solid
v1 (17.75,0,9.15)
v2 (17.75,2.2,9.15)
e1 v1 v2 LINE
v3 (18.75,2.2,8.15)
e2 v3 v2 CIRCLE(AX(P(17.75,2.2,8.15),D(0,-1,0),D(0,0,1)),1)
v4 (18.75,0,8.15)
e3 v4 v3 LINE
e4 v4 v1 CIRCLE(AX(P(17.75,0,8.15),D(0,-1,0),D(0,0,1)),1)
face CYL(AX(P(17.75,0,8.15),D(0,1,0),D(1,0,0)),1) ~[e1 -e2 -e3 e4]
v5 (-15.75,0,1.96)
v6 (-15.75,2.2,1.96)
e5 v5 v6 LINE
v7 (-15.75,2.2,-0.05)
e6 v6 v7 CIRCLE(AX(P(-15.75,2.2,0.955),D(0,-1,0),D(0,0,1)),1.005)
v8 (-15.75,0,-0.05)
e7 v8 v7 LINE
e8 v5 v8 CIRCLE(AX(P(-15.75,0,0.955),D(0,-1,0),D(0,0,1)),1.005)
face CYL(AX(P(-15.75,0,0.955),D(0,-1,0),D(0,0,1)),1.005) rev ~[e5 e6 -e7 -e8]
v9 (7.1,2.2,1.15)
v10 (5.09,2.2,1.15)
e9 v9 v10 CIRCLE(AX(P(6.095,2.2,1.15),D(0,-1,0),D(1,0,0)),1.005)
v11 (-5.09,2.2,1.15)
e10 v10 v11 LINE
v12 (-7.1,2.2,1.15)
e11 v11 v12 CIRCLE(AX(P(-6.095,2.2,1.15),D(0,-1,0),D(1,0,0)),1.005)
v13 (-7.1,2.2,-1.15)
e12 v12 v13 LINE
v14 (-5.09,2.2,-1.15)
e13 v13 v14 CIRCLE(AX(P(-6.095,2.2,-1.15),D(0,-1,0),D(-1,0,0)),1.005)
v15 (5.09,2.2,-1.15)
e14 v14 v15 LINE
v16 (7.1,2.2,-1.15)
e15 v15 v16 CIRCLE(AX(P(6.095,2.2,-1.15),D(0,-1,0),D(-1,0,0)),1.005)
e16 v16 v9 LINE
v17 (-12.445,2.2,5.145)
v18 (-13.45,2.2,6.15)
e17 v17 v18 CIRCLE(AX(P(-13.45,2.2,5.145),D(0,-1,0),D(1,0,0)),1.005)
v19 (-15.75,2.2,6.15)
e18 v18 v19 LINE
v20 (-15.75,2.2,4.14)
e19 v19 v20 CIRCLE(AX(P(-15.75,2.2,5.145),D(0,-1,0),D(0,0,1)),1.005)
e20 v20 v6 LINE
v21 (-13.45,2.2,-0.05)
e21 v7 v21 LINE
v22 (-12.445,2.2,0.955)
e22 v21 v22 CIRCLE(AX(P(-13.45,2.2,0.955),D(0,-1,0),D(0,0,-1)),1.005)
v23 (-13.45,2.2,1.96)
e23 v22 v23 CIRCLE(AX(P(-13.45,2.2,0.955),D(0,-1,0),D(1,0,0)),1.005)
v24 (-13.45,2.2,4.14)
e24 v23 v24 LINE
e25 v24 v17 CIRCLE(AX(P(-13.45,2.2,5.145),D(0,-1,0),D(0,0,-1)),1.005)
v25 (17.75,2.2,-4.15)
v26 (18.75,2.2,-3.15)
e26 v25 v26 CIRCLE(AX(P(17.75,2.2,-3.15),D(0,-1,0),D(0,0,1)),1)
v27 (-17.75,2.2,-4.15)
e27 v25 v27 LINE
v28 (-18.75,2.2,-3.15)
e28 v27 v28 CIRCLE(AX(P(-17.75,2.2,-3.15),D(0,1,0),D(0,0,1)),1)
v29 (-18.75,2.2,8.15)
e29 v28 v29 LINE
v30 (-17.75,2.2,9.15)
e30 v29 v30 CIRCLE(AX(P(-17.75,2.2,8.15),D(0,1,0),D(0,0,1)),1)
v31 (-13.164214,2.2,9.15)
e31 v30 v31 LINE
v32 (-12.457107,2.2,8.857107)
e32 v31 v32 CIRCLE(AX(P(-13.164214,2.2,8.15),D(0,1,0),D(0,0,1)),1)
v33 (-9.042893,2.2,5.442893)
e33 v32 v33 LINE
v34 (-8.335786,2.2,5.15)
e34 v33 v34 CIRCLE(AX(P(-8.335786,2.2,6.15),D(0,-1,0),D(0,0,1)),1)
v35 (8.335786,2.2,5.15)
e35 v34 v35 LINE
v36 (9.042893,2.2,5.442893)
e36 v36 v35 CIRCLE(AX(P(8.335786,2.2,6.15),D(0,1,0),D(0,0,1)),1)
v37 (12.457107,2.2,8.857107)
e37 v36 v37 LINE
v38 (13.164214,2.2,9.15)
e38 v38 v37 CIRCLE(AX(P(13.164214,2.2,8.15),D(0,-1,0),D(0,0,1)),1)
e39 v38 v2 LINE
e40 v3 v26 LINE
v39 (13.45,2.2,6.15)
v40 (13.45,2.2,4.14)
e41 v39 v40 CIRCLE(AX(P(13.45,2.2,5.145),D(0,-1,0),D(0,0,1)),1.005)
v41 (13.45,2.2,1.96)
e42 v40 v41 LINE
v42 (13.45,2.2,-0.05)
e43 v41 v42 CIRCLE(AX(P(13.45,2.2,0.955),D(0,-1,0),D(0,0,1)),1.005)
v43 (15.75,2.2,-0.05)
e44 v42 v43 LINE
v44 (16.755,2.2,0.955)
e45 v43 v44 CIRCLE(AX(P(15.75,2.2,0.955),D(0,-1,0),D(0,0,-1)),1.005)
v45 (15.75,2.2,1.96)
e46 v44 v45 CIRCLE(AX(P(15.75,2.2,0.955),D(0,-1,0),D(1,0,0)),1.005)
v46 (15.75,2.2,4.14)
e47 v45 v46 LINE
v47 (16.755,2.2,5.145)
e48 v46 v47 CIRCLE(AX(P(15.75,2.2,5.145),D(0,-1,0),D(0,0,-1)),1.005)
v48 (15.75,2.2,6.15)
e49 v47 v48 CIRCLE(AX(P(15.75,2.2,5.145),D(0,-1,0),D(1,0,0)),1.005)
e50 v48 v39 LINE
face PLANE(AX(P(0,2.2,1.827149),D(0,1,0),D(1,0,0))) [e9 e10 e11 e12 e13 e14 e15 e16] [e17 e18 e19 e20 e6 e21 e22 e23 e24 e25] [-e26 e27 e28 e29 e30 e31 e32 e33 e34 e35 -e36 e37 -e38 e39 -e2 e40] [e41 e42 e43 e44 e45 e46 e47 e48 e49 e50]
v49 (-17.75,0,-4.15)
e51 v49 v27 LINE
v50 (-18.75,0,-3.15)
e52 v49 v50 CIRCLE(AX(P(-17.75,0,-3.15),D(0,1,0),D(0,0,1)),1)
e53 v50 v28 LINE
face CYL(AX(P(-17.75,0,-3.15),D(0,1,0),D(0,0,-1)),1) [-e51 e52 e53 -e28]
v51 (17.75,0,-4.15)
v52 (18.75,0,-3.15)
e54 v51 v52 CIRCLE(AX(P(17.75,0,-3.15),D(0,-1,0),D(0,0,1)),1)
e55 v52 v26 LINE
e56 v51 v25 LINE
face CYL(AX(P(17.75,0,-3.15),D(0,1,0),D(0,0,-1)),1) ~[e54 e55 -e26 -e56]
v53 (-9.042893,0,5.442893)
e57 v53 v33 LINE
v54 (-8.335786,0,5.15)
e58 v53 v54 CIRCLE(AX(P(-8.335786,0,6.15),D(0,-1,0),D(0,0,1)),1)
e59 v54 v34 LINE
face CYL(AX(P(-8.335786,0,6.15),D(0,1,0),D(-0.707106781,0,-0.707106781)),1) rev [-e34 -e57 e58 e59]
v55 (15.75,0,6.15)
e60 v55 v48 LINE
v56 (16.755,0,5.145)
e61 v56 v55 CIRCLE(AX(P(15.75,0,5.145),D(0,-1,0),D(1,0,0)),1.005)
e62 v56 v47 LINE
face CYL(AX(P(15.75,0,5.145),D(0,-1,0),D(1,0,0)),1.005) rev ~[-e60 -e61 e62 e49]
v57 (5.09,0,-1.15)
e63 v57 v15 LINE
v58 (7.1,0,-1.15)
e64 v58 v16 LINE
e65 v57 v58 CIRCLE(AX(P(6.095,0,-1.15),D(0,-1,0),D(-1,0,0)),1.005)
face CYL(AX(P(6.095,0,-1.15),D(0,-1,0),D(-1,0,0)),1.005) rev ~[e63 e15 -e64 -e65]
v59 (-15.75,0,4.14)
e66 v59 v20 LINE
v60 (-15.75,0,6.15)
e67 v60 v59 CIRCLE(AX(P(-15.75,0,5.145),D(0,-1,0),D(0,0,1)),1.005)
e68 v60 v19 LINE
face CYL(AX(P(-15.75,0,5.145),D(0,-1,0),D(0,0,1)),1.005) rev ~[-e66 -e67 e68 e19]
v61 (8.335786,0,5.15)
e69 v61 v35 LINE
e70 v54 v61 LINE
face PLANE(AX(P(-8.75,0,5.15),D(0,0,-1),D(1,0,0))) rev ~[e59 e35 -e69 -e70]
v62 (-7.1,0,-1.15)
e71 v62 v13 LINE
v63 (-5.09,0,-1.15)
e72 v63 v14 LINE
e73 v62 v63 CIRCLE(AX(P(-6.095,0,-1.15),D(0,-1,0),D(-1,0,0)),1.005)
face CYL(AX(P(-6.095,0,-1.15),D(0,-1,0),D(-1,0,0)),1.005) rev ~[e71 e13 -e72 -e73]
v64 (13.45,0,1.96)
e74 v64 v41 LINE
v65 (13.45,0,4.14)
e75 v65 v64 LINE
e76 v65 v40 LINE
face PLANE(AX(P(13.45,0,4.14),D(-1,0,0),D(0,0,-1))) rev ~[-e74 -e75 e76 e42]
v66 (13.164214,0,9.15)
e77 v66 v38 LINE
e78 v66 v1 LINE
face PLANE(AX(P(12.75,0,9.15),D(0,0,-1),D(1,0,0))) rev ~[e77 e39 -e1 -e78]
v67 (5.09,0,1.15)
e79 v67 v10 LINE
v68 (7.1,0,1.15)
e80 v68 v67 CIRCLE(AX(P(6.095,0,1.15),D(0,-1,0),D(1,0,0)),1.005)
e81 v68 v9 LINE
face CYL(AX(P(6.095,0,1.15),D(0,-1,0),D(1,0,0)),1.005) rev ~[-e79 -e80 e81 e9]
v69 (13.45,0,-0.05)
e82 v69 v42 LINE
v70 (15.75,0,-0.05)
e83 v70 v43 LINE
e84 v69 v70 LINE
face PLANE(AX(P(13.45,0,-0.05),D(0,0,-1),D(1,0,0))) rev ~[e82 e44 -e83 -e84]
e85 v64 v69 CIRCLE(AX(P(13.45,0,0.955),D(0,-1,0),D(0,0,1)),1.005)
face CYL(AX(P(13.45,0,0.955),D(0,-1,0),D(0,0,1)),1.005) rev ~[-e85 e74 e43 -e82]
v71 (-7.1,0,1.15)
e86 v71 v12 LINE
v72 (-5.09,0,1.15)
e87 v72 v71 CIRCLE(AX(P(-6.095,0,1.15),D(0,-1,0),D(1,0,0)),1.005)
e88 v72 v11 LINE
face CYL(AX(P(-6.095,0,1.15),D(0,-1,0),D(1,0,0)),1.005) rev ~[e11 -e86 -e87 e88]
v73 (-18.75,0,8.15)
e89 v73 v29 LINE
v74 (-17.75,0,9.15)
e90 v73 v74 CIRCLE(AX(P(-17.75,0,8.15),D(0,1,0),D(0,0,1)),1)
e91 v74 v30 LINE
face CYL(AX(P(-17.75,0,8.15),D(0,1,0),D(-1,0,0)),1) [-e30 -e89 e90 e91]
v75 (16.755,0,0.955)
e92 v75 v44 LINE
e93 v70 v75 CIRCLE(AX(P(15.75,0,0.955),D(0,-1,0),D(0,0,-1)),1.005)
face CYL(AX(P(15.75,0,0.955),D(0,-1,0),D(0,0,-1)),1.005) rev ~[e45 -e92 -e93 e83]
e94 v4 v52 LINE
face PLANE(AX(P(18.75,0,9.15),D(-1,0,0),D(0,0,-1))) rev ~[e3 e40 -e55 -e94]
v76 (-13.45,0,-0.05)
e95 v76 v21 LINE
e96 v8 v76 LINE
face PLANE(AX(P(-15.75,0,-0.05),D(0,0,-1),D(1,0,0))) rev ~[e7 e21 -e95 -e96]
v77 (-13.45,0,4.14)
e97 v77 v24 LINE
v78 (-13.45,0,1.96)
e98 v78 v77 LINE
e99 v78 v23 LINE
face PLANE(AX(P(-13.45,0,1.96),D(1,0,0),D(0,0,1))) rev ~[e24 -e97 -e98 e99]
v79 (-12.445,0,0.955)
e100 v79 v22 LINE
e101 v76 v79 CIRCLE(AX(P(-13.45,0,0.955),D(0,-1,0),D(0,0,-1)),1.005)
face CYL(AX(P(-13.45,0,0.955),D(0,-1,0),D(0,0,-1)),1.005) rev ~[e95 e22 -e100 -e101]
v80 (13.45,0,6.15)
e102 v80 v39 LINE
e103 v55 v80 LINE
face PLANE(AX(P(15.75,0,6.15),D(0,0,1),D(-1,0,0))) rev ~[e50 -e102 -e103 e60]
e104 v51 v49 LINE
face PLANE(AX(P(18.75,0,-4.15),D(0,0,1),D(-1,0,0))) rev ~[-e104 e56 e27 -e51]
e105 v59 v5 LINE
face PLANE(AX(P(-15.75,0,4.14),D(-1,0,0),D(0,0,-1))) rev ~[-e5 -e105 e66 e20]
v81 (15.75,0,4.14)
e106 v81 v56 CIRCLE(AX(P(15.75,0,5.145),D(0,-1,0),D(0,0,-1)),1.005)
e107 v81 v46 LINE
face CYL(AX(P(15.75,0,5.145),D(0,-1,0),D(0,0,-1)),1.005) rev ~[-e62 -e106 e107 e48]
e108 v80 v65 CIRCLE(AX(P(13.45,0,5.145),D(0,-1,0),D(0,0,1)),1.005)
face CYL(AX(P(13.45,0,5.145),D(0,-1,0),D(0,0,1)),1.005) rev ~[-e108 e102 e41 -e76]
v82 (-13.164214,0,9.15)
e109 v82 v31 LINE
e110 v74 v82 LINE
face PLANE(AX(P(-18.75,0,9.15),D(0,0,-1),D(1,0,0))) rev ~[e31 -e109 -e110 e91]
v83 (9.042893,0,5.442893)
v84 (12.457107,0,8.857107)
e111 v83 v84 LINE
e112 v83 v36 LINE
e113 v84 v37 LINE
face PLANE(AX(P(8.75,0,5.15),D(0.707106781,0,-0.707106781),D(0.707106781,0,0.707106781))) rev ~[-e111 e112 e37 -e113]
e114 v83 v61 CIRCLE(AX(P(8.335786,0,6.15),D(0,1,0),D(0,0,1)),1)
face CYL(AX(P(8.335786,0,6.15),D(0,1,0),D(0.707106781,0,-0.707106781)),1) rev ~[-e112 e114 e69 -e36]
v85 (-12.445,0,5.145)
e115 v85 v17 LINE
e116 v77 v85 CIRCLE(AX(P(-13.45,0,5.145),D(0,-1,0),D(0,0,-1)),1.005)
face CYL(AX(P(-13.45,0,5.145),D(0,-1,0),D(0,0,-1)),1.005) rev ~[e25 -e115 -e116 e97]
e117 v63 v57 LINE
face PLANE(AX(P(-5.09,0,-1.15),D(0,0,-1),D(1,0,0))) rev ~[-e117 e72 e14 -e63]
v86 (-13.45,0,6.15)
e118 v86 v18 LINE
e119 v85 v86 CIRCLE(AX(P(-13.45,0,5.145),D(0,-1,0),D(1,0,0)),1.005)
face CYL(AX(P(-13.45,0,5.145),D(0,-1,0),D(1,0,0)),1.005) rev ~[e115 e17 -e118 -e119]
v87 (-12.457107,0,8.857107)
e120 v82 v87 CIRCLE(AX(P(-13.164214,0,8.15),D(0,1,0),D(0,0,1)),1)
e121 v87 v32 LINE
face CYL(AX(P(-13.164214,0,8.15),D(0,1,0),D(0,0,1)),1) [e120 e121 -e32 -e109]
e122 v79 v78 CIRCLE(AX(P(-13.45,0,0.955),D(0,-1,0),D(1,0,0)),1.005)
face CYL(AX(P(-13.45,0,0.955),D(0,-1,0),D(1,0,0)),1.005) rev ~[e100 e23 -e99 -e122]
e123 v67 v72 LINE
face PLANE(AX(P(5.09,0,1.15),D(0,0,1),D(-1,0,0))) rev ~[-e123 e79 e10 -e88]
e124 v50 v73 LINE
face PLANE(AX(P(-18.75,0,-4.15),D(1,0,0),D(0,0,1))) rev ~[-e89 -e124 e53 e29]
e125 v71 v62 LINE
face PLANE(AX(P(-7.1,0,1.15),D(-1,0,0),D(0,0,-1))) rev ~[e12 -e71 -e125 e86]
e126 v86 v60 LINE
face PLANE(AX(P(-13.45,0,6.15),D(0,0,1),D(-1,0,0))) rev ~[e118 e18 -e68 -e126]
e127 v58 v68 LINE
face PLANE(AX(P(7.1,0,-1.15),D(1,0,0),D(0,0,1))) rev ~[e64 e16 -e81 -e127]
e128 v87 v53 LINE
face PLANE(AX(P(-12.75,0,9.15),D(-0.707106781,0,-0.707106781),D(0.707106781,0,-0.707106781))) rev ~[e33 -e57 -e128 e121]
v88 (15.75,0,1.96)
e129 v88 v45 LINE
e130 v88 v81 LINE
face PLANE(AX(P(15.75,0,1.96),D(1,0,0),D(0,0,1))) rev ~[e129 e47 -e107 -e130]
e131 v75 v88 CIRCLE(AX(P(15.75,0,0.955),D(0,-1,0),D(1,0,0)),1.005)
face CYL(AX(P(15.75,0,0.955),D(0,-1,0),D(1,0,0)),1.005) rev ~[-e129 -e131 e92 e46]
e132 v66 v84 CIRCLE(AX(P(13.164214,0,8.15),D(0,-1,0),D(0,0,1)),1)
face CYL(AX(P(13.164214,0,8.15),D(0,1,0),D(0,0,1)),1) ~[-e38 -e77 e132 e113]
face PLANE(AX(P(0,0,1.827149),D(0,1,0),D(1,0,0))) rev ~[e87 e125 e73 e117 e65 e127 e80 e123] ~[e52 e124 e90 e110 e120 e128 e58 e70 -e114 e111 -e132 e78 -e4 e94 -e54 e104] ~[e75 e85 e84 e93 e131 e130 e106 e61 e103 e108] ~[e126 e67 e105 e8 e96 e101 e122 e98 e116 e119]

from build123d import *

# Parameters (mm, degrees)
EXTRUDE_1_DEPTH = 2.2
FILLET_1_R      = 1


with BuildPart() as part:
    # 草图1 → 凸台-拉伸1 (new body)
    with BuildSketch(Plane(origin=(0, 0, 0), x_dir=(1, 0, 0), z_dir=(0, 1, 0))):
        Polygon((18.75, 4.15), (-18.75, 4.15), (-18.75, -9.15), (-12.75, -9.15), (-8.75, -5.15), (8.75, -5.15), (12.75, -9.15), (18.75, -9.15), align=None)
        with BuildLine():
            Line((-13.45, -6.15), (-15.75, -6.15))
            ThreePointArc((-15.75, -6.15), (-16.755, -5.145), (-15.75, -4.14))
            Line((-15.75, -4.14), (-15.75, -1.96))
            ThreePointArc((-15.75, -1.96), (-16.755, -0.955), (-15.75, 0.05))
            Line((-15.75, 0.05), (-13.45, 0.05))
            ThreePointArc((-13.45, 0.05), (-12.739357685, -0.244357685), (-12.445, -0.955))
            ThreePointArc((-12.445, -0.955), (-12.739357685, -1.665642315), (-13.45, -1.96))
            Line((-13.45, -1.96), (-13.45, -4.14))
            ThreePointArc((-13.45, -4.14), (-12.739357685, -4.434357685), (-12.445, -5.145))
            ThreePointArc((-12.445, -5.145), (-12.739357685, -5.855642315), (-13.45, -6.15))
        make_face(mode=Mode.SUBTRACT)
        with BuildLine():
            Line((13.45, 0.05), (15.75, 0.05))
            ThreePointArc((15.75, 0.05), (16.460642315, -0.244357685), (16.755, -0.955))
            ThreePointArc((16.755, -0.955), (16.460642315, -1.665642315), (15.75, -1.96))
            Line((15.75, -1.96), (15.75, -4.14))
            ThreePointArc((15.75, -4.14), (16.460642315, -4.434357685), (16.755, -5.145))
            ThreePointArc((16.755, -5.145), (16.460642315, -5.855642315), (15.75, -6.15))
            Line((15.75, -6.15), (13.45, -6.15))
            ThreePointArc((13.45, -6.15), (12.445, -5.145), (13.45, -4.14))
            Line((13.45, -4.14), (13.45, -1.96))
            ThreePointArc((13.45, -1.96), (12.445, -0.955), (13.45, 0.05))
        make_face(mode=Mode.SUBTRACT)
        with BuildLine():
            Line((5.09, -1.15), (-5.09, -1.15))
            ThreePointArc((-5.09, -1.15), (-6.095, -2.155), (-7.1, -1.15))
            Line((-7.1, -1.15), (-7.1, 1.15))
            ThreePointArc((-7.1, 1.15), (-6.095, 2.155), (-5.09, 1.15))
            Line((-5.09, 1.15), (5.09, 1.15))
            ThreePointArc((5.09, 1.15), (6.095, 2.155), (7.1, 1.15))
            Line((7.1, 1.15), (7.1, -1.15))
            ThreePointArc((7.1, -1.15), (6.095, -2.155), (5.09, -1.15))
        make_face(mode=Mode.SUBTRACT)
    extrude(amount=EXTRUDE_1_DEPTH)

    # 圆角1
    fillet_1_edges = [part.edges().sort_by_distance(p)[0] for p in [
        (-18.75, 1.1, 9.15),
        (-18.75, 1.1, -4.15),
        (18.75, 1.1, -4.15),
        (18.75, 1.1, 9.15),
        (12.75, 1.1, 9.15),
        (8.75, 1.1, 5.15),
        (-8.75, 1.1, 5.15),
        (-12.75, 1.1, 9.15),
    ]]
    fillet(fillet_1_edges, radius=FILLET_1_R)


solid = part.part
